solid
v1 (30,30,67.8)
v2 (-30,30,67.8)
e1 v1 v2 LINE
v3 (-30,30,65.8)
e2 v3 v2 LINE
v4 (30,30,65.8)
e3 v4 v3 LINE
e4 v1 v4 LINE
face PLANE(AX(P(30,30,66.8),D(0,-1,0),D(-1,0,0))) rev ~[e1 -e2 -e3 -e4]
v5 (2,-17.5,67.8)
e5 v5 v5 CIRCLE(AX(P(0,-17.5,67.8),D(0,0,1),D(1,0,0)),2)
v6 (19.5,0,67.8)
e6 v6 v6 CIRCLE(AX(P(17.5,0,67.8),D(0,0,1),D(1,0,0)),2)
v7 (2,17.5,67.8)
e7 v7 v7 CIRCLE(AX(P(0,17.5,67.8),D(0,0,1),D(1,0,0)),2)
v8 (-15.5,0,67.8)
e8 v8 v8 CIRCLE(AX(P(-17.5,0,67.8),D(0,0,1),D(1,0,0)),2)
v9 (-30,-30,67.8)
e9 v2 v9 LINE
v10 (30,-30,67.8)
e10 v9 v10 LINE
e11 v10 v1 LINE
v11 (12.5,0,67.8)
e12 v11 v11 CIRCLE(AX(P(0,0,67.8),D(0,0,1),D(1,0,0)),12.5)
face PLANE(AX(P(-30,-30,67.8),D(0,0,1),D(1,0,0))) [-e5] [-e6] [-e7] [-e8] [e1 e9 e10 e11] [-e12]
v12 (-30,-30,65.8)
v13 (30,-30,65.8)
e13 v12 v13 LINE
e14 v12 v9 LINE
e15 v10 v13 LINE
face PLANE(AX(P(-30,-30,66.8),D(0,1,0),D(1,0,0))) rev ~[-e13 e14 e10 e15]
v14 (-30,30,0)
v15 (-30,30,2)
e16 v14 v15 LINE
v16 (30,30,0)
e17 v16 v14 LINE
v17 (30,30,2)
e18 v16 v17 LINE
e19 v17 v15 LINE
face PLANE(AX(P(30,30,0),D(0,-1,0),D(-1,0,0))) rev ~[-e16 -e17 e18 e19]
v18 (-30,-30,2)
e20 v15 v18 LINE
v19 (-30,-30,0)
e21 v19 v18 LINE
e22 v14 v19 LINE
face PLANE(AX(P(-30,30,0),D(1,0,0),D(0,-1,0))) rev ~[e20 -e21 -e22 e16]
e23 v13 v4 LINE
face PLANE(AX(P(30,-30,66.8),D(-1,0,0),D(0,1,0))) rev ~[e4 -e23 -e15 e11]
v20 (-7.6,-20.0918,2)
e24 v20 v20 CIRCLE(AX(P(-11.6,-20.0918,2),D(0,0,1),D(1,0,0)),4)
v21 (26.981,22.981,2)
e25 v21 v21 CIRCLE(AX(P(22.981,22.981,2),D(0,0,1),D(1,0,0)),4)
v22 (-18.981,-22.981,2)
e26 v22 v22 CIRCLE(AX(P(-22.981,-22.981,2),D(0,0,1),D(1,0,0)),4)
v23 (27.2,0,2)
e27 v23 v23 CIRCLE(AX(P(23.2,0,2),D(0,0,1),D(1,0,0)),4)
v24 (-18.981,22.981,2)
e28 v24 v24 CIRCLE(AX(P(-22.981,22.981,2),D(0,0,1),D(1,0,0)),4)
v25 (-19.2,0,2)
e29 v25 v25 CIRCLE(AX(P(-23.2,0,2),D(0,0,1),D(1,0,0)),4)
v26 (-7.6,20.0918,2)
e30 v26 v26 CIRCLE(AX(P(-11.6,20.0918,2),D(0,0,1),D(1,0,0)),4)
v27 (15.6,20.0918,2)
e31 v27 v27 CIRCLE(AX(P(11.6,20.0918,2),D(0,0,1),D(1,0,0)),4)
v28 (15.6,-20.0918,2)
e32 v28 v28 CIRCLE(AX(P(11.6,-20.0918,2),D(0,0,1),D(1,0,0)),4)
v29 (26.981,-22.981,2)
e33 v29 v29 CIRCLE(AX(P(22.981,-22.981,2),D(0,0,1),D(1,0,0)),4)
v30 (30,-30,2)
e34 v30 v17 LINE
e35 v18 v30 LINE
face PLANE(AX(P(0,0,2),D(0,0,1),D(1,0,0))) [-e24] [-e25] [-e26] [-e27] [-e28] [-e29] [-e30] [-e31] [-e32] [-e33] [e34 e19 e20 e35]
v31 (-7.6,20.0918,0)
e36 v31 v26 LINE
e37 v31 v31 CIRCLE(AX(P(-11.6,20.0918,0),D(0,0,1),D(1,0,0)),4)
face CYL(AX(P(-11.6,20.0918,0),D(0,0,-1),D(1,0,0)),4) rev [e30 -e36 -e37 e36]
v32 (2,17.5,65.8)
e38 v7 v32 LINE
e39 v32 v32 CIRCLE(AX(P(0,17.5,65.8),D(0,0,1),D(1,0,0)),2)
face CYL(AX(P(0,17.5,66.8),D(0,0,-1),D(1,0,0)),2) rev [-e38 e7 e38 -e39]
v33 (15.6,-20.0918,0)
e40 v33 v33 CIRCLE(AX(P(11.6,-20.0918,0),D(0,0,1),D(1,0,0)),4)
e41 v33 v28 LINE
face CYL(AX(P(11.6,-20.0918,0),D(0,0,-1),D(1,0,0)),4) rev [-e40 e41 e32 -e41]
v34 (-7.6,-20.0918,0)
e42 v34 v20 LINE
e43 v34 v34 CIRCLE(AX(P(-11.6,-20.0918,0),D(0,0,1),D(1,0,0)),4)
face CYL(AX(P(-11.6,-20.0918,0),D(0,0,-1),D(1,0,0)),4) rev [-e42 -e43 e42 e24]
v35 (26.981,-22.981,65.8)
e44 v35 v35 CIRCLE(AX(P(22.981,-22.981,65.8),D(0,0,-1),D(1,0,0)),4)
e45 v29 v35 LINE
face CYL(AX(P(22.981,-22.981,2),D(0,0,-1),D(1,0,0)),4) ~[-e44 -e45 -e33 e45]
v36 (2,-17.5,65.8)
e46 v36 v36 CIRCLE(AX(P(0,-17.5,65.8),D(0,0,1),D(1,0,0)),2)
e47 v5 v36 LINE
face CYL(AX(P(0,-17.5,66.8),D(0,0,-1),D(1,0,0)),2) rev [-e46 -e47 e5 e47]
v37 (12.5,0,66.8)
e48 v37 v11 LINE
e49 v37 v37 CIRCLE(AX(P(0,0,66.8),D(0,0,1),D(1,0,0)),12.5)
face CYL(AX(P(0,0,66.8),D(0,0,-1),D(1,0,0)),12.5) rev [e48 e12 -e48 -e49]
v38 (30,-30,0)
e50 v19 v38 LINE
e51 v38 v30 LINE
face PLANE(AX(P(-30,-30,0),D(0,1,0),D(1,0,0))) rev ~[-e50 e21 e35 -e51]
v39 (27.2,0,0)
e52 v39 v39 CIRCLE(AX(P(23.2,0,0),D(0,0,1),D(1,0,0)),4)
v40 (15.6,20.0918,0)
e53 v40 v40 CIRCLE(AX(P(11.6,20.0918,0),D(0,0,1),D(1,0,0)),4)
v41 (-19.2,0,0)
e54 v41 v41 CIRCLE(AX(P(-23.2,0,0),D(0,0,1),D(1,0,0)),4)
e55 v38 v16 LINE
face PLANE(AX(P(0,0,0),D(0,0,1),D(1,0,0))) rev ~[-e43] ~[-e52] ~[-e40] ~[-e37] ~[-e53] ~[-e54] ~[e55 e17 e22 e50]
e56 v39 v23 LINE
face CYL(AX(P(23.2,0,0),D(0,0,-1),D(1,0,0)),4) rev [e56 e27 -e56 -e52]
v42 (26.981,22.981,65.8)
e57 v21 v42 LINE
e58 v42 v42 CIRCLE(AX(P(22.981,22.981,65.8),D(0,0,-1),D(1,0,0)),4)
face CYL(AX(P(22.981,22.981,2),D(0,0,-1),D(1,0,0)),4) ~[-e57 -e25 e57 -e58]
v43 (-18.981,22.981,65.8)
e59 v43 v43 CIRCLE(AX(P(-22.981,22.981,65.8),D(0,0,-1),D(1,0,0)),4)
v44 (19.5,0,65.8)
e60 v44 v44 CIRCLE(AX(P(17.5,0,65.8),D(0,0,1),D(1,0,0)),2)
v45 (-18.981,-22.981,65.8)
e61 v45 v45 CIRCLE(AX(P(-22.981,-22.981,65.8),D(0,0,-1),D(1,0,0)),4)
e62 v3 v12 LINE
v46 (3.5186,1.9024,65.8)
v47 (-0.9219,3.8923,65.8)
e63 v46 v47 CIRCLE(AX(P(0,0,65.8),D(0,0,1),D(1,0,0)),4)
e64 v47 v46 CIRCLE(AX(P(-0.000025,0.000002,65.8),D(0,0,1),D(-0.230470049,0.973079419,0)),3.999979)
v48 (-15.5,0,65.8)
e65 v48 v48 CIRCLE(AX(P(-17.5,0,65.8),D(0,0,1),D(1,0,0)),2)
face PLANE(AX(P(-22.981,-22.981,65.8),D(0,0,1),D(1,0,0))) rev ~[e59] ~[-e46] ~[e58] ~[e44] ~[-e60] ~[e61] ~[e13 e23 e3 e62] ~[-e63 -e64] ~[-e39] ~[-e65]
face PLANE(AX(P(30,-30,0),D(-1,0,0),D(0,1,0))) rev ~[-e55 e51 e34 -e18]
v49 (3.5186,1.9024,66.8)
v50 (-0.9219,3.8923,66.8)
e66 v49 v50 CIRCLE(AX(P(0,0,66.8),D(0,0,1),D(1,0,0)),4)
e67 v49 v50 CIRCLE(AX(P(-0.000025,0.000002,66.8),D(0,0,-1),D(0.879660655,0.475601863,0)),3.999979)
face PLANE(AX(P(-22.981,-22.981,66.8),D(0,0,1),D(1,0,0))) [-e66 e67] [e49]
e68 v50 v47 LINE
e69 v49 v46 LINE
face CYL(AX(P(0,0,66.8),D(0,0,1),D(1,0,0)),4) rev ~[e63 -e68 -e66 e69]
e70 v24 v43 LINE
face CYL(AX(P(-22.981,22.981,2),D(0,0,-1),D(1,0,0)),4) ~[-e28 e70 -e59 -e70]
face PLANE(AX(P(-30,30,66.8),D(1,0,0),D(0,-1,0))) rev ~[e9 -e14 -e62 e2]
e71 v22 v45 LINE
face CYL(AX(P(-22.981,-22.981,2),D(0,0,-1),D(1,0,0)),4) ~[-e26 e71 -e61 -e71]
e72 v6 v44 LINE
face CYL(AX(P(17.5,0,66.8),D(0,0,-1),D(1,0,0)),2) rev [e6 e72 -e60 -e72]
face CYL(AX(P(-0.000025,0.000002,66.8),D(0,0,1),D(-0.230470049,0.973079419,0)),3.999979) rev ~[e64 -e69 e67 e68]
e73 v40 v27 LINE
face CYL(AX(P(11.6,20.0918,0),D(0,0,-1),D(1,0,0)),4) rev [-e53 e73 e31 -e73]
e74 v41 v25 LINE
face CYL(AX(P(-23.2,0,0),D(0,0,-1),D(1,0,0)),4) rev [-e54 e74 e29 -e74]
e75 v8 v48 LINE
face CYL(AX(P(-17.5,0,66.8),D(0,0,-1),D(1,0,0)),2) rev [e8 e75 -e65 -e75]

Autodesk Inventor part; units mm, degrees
ref_plane "YZ Plane" through (0, 0, 0) normal (1, 0, 0) x (0, 1, 0)
ref_plane "XZ Plane" through (0, 0, 0) normal (0, 1, 0) x (-1, 0, 0)
ref_plane "Work Plane1" through (0, 0, 0) normal (0, 0, 1) x (1, 0, 0)
sketch "Sketch1" plane through (0, 0, 0) normal (0, 0, 1) x (1, 0, 0)
  line L0 (-30, -30) -> (30, -30)
  line L1 (30, -30) -> (30, 30)
  line L2 (30, 30) -> (-30, 30)
  line L3 (-30, 30) -> (-30, -30)
  line L4 (-30, -30) -> (30, 30) construction
  line L5 (30, -30) -> (-30, 30) construction
  circle A0 centre (-11.6, 20.0918) radius 4 projected
  circle A1 centre (11.6, 20.0918) radius 4 projected
  circle A2 centre (-23.2, 0) radius 4 projected
  circle A3 centre (23.2, 0) radius 4 projected
  circle A4 centre (11.6, -20.0918) radius 4 projected
  circle A5 centre (-11.6, -20.0918) radius 4 projected
  point P0 (0, 0)
  point P1 (-9.5215, -21.2918)
  dimension "d0" = 60
extrude "Extrusion1" add sketch "Sketch1" along normal blind 2
sketch "Sketch2" plane through (0, 0, 2) normal (0, 0, 1) x (1, 0, 0)
  line L0 (22.981, -22.981) -> (-22.981, -22.981) construction
  line L1 (-22.981, -22.981) -> (-22.981, 22.981) construction
  line L2 (-22.981, 22.981) -> (22.981, 22.981) construction
  line L3 (22.981, 22.981) -> (22.981, -22.981) construction
  line L4 (22.981, -22.981) -> (-22.981, 22.981) construction
  line L5 (-22.981, -22.981) -> (22.981, 22.981) construction
  circle A0 centre (0, 0) radius 32.5 construction
  circle A1 centre (-22.981, -22.981) radius 4
  circle A2 centre (22.981, -22.981) radius 4
  circle A3 centre (22.981, 22.981) radius 4
  circle A4 centre (-22.981, 22.981) radius 4
  dimension "d4" = 65
  dimension "d5" = 8
  dimension "d8" = 360
ref_plane "Work Plane2" through (-12.5, -12.5, 66.8) normal (0, 0, -1) x (0, 1, 0)
extrude "Extrusion2" add sketch "Sketch2" along normal up to surface (64.8 mm away)
sketch "Sketch3" plane through (-22.981, -22.981, 66.8) normal (0, 0, 1) x (1, 0, 0)
  line L0 (-7.019, -7.019) -> (52.981, -7.019) projected
  line L1 (52.981, -7.019) -> (52.981, 52.981) projected
  line L2 (-7.019, 52.981) -> (-7.019, -7.019) projected
  line L3 (52.981, 52.981) -> (-7.019, 52.981) projected
  circle A0 centre (5.481, 22.981) radius 2 projected
  circle A1 centre (22.981, 40.481) radius 2 projected
  circle A2 centre (40.481, 22.981) radius 2 projected
  circle A3 centre (22.981, 5.481) radius 2 projected
  arc A4 (22.0591, 26.8733) -> (26.4996, 24.8834) centre (22.981, 22.981) ccw projected
  circle A5 centre (22.981, 22.981) radius 4 projected
  point P0 (22.981, 22.981)
extrude "Extrusion3" add sketch "Sketch3" against normal blind 1
sketch "Sketch4" plane through (-30, -30, 66.8) normal (0, 0, 1) x (1, 0, 0)
  line L0 (0, 60) -> (0, 0) projected
  line L1 (0, 0) -> (60, 0) projected
  line L2 (60, 0) -> (60, 60) projected
  line L3 (60, 60) -> (0, 60) projected
  circle A0 centre (30, 30) radius 4 projected
  circle A1 centre (30, 12.5) radius 2 projected
  circle A2 centre (47.5, 30) radius 2 projected
  circle A3 centre (30, 47.5) radius 2 projected
  circle A4 centre (12.5, 30) radius 2 projected
  circle A5 centre (30, 30) radius 12.5 projected
  point P0 (30, 30)
extrude "Extrusion4" add sketch "Sketch4" along normal blind 1 contours L3 L2 L1 L0
properties part number "mega troque motor flange for nmrv-40"
